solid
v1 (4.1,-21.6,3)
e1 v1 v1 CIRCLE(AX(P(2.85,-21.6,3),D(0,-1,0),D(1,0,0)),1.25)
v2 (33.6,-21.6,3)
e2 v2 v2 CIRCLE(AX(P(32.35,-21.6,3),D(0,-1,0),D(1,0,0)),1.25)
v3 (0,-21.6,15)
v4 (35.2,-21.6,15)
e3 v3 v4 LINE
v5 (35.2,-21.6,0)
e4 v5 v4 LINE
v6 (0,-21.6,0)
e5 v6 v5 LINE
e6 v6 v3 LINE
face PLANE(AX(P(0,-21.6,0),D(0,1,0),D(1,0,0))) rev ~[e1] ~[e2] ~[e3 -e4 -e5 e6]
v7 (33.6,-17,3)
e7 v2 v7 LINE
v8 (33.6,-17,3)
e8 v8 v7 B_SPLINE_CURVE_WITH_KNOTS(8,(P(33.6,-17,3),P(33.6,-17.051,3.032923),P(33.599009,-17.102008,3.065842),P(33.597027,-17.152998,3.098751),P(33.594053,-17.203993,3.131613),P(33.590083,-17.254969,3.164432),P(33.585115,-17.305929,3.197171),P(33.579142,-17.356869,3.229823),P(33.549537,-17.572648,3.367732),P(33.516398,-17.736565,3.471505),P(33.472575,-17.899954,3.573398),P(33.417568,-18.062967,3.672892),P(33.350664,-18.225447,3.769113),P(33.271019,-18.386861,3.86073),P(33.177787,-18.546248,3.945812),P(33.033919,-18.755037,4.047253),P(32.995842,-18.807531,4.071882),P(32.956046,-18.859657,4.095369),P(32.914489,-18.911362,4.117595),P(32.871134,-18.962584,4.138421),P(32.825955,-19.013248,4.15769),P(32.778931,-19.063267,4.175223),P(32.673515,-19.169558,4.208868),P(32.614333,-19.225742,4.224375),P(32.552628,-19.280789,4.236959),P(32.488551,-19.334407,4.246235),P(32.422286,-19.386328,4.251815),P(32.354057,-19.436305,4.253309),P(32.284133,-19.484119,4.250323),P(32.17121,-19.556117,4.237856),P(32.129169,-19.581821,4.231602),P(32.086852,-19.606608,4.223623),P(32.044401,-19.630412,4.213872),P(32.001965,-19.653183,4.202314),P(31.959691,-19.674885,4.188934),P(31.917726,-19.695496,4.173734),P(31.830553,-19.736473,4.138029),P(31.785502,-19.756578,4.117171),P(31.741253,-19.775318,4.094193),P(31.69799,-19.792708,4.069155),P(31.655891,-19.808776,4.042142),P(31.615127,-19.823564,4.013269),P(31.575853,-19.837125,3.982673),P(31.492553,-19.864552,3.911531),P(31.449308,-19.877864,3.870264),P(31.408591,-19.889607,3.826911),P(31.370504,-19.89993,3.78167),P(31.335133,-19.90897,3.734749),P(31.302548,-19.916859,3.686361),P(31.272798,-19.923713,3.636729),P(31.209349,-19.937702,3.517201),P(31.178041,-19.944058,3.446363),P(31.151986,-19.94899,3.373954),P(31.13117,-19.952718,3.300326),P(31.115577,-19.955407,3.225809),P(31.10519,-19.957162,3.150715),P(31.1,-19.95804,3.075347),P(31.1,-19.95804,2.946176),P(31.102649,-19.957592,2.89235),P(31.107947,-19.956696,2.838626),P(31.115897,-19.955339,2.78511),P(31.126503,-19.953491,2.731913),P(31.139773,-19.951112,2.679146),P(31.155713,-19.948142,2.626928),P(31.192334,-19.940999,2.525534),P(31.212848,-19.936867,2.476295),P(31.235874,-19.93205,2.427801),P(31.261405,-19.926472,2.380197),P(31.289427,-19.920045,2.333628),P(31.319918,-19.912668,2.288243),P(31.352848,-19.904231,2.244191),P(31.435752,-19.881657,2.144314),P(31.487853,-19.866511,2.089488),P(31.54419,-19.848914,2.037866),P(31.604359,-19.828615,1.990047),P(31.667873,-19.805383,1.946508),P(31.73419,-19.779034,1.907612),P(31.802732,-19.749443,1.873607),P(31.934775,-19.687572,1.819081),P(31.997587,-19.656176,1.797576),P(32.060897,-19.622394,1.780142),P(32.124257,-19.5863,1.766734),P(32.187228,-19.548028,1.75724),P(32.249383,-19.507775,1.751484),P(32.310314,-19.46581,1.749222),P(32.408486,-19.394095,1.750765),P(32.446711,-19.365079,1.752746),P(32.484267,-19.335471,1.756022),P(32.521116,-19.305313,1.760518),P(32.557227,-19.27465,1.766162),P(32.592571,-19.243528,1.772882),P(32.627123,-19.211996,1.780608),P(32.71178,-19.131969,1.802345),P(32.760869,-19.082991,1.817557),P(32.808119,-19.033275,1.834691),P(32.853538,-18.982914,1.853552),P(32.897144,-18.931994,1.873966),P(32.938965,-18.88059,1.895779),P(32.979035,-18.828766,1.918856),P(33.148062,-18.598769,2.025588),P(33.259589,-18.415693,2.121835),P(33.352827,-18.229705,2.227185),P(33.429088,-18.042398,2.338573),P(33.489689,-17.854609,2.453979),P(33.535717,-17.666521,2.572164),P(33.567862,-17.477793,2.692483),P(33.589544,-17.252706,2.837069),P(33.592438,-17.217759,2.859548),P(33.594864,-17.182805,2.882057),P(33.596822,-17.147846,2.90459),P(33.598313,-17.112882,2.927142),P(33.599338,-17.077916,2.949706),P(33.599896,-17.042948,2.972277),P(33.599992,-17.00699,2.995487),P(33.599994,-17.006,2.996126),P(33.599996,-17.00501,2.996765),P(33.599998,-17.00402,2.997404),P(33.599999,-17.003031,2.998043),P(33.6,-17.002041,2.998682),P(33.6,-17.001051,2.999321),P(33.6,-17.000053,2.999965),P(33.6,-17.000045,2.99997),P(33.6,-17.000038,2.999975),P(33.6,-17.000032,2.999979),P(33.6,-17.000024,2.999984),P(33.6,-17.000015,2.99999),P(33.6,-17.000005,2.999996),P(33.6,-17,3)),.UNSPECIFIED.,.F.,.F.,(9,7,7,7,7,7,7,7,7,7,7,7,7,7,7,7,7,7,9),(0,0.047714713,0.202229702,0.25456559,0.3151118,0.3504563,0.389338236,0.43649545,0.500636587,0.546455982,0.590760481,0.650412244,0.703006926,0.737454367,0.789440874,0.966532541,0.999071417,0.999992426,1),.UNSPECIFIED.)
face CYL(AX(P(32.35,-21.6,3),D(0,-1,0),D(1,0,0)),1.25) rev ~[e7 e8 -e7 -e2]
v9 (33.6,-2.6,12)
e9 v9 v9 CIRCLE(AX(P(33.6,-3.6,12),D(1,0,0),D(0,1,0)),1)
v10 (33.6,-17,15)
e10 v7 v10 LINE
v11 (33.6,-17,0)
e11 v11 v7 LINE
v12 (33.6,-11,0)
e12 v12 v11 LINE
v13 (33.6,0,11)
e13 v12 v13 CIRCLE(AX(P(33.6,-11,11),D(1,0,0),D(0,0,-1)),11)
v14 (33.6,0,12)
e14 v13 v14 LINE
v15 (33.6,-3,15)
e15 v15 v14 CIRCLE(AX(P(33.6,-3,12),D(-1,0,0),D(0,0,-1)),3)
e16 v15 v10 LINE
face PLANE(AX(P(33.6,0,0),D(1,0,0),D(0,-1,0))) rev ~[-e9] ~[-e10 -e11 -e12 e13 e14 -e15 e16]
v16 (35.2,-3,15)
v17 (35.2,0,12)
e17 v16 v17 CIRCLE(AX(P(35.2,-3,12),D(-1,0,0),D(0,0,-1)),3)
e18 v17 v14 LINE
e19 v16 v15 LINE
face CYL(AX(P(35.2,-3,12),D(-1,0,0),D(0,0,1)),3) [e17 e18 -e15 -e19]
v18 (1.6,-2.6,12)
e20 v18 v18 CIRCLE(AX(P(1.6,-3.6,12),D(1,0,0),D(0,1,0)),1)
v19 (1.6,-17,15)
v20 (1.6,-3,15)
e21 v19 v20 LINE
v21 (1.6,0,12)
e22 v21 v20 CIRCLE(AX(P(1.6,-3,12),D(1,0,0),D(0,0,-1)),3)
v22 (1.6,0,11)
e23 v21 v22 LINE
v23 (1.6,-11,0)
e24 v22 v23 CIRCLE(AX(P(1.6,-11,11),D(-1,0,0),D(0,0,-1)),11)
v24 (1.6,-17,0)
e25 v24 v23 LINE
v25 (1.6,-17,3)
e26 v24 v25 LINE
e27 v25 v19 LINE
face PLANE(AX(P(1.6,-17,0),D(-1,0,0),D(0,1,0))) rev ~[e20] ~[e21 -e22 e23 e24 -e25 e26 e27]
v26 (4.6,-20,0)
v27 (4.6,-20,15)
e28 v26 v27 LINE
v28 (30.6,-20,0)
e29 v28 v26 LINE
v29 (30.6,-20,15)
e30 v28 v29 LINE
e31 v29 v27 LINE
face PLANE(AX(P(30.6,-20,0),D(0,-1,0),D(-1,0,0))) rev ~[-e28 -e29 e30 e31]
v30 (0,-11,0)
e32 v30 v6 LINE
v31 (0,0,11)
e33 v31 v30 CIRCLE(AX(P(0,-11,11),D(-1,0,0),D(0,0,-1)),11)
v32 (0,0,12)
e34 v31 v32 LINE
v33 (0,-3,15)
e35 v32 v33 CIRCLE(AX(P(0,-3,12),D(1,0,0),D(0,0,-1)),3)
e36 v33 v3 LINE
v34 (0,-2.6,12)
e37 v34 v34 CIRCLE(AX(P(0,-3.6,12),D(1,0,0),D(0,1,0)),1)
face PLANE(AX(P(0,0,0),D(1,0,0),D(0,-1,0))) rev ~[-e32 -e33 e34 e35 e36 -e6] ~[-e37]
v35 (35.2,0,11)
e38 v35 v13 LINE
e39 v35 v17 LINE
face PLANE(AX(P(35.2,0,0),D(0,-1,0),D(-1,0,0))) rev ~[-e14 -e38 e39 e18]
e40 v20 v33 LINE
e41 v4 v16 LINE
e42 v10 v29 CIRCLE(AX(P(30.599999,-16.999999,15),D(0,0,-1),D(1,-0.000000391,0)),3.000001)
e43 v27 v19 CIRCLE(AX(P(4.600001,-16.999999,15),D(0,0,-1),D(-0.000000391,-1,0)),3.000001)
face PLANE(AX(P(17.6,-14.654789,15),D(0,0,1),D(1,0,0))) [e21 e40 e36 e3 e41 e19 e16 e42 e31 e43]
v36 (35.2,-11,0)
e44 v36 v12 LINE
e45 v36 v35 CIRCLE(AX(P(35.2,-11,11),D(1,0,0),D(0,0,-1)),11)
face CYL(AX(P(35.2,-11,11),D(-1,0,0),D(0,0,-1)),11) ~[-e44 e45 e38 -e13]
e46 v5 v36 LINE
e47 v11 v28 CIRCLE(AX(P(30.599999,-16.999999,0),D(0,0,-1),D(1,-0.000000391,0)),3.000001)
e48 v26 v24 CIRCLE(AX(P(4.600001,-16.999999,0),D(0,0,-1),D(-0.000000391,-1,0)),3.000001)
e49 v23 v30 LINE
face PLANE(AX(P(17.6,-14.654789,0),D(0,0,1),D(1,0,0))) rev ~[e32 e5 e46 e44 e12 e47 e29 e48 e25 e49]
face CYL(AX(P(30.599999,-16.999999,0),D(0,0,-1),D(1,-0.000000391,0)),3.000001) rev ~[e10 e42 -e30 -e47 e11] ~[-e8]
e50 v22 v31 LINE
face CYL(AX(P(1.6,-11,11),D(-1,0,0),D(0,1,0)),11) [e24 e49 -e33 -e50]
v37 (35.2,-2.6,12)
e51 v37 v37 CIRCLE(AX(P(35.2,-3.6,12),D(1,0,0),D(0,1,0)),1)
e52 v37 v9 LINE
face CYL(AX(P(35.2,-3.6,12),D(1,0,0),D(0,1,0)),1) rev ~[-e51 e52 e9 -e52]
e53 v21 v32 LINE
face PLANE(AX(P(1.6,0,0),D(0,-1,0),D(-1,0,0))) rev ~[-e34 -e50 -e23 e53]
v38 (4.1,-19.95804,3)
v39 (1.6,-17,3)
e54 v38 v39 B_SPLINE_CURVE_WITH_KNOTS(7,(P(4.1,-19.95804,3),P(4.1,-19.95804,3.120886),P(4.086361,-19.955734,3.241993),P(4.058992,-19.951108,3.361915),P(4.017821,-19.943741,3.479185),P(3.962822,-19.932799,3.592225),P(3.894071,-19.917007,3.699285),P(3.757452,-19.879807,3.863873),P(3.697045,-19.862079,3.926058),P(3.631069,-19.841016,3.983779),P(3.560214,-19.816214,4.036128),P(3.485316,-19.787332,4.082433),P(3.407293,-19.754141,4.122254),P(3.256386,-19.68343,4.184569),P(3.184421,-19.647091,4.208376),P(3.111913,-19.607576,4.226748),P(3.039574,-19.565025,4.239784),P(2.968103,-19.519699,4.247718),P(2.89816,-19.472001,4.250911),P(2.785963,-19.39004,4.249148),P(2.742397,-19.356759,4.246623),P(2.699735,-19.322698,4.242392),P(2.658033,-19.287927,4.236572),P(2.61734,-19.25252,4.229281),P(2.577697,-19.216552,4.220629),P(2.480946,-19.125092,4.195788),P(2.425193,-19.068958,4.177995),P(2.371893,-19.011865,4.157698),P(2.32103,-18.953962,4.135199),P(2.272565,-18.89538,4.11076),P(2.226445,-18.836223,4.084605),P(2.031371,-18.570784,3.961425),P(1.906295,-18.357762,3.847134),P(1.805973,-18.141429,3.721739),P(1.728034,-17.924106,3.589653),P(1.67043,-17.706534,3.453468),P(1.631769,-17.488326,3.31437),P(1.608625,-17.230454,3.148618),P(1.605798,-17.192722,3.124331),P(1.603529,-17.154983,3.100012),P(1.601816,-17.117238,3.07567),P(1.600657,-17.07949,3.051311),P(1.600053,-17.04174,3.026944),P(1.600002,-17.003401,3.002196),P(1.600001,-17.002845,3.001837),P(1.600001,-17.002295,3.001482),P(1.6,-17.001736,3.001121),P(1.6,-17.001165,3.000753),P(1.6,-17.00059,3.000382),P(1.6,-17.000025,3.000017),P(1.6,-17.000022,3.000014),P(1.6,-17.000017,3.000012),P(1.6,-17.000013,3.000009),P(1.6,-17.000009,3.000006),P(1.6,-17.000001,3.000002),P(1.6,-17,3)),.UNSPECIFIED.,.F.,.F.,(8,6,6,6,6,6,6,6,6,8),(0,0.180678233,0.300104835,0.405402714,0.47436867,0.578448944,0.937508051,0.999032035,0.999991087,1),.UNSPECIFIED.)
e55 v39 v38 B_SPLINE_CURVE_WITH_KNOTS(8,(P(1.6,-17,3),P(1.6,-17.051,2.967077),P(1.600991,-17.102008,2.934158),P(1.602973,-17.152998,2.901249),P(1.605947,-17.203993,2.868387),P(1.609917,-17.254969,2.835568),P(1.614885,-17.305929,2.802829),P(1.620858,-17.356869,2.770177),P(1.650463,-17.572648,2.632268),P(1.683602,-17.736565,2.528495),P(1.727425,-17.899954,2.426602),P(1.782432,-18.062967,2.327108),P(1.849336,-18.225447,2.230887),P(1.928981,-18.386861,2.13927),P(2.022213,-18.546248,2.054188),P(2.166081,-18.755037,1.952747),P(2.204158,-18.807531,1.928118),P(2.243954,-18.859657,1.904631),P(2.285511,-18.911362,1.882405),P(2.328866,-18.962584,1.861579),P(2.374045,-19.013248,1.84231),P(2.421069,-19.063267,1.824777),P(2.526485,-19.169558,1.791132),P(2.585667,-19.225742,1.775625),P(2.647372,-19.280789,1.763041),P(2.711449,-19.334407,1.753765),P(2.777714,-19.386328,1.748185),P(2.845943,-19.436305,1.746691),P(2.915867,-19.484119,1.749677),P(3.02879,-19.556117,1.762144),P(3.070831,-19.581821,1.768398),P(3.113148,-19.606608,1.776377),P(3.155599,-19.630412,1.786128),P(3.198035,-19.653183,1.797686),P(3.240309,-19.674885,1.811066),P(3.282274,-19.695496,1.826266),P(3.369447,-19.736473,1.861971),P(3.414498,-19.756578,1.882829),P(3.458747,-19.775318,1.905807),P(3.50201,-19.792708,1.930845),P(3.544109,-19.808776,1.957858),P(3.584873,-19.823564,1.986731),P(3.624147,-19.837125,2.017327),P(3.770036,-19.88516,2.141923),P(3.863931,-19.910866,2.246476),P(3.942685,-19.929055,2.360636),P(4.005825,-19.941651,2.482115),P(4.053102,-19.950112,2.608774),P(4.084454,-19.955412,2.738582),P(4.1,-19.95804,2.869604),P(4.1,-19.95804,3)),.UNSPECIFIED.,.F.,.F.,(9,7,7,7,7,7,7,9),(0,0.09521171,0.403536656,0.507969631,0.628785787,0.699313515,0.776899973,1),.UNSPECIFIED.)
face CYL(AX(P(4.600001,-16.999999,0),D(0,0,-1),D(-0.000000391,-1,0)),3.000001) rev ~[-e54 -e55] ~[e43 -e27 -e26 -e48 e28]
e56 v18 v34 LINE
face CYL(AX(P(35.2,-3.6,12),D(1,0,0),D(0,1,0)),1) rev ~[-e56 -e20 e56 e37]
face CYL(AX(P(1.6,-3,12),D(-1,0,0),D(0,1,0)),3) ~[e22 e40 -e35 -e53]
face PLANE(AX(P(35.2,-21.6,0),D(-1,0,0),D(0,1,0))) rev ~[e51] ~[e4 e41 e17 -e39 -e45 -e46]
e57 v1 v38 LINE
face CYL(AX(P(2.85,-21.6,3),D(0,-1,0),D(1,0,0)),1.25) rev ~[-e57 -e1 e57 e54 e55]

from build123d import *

# Parameters (mm, degrees)
F1_DEPTH = 15
F2_R     = 1.25
F3_DEPTH = 25
F4_R     = 1
F5_DEPTH = 35.201
F6_R     = 3
F7_R     = 11


with BuildPart() as f1:
    # F0 (on Top) → F1 (new body)
    with BuildSketch(Plane.XY):
        with BuildLine():
            Line((1.6, 0), (0, 0))
            Line((0, 0), (0, -21.6))
            Line((0, -21.6), (35.2, -21.6))
            Line((35.2, -21.6), (35.2, 0))
            Line((35.2, 0), (33.6, 0))
            Line((33.6, 0), (33.6, -17))
            ThreePointArc((33.6, -17), (32.72132, -19.12132), (30.6, -20))
            Line((30.6, -20), (4.6, -20))
            ThreePointArc((4.6, -20), (2.47868, -19.12132), (1.6, -17))
            Line((1.6, -17), (1.6, 0))
        make_face()
    extrude(amount=F1_DEPTH)

    # F2 (on face) → F3 (cut)
    with BuildSketch(Plane.XZ.offset(21.6)):
        with Locations((2.85, 3)):
            Circle(F2_R)
        with Locations((32.35, 3)):
            Circle(F2_R)
    extrude(amount=-F3_DEPTH, mode=Mode.SUBTRACT)

    # F4 (on face) → F5 (cut, through all)
    with BuildSketch(Plane.YZ.offset(35.2)):
        with Locations((-3.6, 12)):
            Circle(F4_R)
    extrude(amount=-F5_DEPTH, mode=Mode.SUBTRACT)

    # F6
    f6_edges = [f1.edges().sort_by_distance(p)[0] for p in [
        (0.8, 0, 15),
        (34.4, 0, 15),
    ]]
    fillet(f6_edges, radius=F6_R)

    # F7
    f7_edges = [f1.edges().sort_by_distance(p)[0] for p in [
        (34.4, 0, 0),
        (0.8, 0, 0),
    ]]
    fillet(f7_edges, radius=F7_R)


solid = f1.part
